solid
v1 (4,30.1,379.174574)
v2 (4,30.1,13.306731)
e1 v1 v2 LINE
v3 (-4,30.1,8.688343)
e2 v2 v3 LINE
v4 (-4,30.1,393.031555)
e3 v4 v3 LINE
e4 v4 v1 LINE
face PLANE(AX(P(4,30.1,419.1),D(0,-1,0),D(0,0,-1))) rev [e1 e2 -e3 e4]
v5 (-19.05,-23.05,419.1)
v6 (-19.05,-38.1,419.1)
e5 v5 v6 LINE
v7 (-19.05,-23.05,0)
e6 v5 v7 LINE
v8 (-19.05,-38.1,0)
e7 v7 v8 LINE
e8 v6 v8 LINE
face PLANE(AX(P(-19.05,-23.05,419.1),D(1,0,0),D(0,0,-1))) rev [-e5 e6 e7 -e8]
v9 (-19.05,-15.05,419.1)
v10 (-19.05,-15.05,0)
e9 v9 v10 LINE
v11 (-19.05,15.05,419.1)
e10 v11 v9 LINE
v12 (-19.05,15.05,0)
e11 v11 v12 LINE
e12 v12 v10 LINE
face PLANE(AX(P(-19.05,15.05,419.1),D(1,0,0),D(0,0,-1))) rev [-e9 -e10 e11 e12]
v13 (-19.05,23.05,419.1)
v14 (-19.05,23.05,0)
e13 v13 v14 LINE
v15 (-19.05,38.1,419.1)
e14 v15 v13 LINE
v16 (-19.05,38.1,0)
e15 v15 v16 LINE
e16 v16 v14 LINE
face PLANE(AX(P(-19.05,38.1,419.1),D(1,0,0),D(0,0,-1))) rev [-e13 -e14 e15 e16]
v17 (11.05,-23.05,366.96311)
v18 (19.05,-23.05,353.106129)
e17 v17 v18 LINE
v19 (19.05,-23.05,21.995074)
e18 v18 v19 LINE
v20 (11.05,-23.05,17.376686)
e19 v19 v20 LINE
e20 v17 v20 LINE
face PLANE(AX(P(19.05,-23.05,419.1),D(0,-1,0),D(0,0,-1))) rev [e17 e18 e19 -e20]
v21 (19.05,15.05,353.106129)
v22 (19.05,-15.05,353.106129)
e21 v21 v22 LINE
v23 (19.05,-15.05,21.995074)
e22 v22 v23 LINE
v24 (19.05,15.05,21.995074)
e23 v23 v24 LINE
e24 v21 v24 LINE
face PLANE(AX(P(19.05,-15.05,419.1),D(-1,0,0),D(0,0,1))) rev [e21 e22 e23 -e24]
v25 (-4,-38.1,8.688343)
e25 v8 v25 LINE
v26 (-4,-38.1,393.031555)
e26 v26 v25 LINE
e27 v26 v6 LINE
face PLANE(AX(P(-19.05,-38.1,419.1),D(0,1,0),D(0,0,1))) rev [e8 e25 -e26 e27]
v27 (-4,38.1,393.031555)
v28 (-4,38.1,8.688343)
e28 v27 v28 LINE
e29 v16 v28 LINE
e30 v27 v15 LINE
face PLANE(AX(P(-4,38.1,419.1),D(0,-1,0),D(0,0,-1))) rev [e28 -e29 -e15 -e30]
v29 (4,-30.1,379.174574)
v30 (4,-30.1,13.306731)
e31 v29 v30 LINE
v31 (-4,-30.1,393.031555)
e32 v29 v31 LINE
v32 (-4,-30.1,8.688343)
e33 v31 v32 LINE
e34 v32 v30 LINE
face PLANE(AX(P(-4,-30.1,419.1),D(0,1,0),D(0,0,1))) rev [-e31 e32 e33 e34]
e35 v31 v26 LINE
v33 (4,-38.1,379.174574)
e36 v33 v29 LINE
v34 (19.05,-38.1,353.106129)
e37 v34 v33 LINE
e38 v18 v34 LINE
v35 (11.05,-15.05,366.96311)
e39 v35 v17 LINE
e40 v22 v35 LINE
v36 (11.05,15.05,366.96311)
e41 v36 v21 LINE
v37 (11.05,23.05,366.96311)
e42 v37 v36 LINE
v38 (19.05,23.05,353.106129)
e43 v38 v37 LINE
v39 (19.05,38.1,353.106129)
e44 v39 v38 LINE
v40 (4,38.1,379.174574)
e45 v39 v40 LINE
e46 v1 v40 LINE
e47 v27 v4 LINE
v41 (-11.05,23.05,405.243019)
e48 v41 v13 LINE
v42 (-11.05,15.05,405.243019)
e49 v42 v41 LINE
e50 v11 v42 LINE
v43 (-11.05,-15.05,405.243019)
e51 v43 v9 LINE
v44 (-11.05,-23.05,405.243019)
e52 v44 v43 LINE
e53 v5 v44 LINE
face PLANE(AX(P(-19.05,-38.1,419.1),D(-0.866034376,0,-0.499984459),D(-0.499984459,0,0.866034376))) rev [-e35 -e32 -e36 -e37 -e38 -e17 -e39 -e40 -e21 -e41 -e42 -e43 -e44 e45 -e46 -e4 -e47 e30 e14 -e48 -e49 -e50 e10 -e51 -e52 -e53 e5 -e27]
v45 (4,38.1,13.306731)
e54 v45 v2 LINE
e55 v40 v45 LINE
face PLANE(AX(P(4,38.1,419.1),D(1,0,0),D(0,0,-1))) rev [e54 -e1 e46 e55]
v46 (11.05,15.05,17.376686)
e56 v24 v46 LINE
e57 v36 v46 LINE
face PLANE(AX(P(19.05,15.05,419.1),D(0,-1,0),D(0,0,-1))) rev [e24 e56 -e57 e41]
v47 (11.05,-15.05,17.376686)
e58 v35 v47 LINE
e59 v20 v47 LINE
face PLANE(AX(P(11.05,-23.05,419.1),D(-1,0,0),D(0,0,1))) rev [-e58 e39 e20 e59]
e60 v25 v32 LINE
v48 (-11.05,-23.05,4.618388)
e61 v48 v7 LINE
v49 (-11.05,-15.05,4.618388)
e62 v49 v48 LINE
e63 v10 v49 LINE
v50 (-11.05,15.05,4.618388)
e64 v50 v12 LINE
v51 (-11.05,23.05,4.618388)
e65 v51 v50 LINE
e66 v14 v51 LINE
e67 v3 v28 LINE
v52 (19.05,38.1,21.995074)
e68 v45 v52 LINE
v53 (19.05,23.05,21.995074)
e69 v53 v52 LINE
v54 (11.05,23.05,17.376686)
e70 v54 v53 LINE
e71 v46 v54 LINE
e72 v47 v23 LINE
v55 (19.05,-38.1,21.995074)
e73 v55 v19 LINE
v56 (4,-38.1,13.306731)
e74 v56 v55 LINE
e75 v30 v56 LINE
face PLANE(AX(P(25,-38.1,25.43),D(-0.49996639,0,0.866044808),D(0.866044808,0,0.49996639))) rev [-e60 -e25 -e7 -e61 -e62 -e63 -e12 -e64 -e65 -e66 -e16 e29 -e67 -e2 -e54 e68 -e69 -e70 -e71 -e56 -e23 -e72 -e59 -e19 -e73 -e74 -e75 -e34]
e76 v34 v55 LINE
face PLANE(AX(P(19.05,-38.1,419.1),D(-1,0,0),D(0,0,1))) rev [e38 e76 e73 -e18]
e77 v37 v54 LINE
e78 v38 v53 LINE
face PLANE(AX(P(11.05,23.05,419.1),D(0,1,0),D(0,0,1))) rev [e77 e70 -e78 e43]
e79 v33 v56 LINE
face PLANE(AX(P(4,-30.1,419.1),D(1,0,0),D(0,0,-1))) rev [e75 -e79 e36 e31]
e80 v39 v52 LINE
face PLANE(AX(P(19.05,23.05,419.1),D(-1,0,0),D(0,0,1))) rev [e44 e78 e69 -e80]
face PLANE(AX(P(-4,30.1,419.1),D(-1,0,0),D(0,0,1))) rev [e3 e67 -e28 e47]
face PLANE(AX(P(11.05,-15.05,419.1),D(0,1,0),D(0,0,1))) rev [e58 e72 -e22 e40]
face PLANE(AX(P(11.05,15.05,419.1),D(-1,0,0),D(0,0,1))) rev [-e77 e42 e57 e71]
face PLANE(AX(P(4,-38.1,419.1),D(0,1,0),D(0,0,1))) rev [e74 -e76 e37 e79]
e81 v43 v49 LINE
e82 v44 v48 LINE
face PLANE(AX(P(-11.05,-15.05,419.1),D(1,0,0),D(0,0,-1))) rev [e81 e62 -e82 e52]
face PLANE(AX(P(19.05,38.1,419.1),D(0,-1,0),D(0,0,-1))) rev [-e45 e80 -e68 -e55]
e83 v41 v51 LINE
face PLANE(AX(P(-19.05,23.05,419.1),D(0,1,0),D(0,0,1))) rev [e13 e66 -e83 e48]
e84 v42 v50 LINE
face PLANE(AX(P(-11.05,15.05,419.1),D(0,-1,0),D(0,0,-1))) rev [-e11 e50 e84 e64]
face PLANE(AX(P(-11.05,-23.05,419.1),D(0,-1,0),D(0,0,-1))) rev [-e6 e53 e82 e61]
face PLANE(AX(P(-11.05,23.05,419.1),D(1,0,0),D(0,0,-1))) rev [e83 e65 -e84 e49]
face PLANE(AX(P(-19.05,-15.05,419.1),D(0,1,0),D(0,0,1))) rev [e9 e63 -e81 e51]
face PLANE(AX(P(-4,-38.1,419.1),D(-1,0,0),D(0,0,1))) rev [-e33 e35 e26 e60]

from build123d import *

# Parameters (mm, degrees)
PROFILE_DEPTH     = 419.1
MITER1_DEPTH      = 422.259210582
MITER1_DEPTH_BACK = 422.259210582
MITER2_DEPTH      = 422.259210582
MITER2_DEPTH_BACK = 422.259210582


with BuildPart() as part:
    # Sketch1 → Profile (new body)
    with BuildSketch(Plane.XY):
        Polygon((-19.05, -38.1), (-4, -38.1), (-4, -30.1), (4, -30.1), (4, -38.1), (19.05, -38.1), (19.05, -23.05), (11.05, -23.05), (11.05, -15.05), (19.05, -15.05), (19.05, 15.05), (11.05, 15.05), (11.05, 23.05), (19.05, 23.05), (19.05, 38.1), (4, 38.1), (4, 30.1), (-4, 30.1), (-4, 38.1), (-19.05, 38.1), (-19.05, 23.05), (-11.05, 23.05), (-11.05, 15.05), (-19.05, 15.05), (-19.05, -15.05), (-11.05, -15.05), (-11.05, -23.05), (-19.05, -23.05), align=None)
    extrude(amount=PROFILE_DEPTH)

    # Sketch2 → Miter1 (cut, two sides: drawn at the far end of the back side and taken through both)
    with BuildSketch(Plane(origin=(0, 0, 0), x_dir=(1, 0, 0), z_dir=(0, 1, 0)).offset(-MITER1_DEPTH_BACK)):
        Polygon((-19.05, -419.1), (25, -342.8), (25, -430), align=None)
    extrude(amount=MITER1_DEPTH + MITER1_DEPTH_BACK, mode=Mode.SUBTRACT)

    # Sketch3 → Miter2 (cut, two sides: drawn at the far end of the back side and taken through both)
    with BuildSketch(Plane(origin=(0, 0, 0), x_dir=(1, 0, 0), z_dir=(0, 1, 0)).offset(-MITER2_DEPTH_BACK)):
        Polygon((-19.05, 0), (25, 10), (25, -25.43), align=None)
    extrude(amount=MITER2_DEPTH + MITER2_DEPTH_BACK, mode=Mode.SUBTRACT)


solid = part.part
